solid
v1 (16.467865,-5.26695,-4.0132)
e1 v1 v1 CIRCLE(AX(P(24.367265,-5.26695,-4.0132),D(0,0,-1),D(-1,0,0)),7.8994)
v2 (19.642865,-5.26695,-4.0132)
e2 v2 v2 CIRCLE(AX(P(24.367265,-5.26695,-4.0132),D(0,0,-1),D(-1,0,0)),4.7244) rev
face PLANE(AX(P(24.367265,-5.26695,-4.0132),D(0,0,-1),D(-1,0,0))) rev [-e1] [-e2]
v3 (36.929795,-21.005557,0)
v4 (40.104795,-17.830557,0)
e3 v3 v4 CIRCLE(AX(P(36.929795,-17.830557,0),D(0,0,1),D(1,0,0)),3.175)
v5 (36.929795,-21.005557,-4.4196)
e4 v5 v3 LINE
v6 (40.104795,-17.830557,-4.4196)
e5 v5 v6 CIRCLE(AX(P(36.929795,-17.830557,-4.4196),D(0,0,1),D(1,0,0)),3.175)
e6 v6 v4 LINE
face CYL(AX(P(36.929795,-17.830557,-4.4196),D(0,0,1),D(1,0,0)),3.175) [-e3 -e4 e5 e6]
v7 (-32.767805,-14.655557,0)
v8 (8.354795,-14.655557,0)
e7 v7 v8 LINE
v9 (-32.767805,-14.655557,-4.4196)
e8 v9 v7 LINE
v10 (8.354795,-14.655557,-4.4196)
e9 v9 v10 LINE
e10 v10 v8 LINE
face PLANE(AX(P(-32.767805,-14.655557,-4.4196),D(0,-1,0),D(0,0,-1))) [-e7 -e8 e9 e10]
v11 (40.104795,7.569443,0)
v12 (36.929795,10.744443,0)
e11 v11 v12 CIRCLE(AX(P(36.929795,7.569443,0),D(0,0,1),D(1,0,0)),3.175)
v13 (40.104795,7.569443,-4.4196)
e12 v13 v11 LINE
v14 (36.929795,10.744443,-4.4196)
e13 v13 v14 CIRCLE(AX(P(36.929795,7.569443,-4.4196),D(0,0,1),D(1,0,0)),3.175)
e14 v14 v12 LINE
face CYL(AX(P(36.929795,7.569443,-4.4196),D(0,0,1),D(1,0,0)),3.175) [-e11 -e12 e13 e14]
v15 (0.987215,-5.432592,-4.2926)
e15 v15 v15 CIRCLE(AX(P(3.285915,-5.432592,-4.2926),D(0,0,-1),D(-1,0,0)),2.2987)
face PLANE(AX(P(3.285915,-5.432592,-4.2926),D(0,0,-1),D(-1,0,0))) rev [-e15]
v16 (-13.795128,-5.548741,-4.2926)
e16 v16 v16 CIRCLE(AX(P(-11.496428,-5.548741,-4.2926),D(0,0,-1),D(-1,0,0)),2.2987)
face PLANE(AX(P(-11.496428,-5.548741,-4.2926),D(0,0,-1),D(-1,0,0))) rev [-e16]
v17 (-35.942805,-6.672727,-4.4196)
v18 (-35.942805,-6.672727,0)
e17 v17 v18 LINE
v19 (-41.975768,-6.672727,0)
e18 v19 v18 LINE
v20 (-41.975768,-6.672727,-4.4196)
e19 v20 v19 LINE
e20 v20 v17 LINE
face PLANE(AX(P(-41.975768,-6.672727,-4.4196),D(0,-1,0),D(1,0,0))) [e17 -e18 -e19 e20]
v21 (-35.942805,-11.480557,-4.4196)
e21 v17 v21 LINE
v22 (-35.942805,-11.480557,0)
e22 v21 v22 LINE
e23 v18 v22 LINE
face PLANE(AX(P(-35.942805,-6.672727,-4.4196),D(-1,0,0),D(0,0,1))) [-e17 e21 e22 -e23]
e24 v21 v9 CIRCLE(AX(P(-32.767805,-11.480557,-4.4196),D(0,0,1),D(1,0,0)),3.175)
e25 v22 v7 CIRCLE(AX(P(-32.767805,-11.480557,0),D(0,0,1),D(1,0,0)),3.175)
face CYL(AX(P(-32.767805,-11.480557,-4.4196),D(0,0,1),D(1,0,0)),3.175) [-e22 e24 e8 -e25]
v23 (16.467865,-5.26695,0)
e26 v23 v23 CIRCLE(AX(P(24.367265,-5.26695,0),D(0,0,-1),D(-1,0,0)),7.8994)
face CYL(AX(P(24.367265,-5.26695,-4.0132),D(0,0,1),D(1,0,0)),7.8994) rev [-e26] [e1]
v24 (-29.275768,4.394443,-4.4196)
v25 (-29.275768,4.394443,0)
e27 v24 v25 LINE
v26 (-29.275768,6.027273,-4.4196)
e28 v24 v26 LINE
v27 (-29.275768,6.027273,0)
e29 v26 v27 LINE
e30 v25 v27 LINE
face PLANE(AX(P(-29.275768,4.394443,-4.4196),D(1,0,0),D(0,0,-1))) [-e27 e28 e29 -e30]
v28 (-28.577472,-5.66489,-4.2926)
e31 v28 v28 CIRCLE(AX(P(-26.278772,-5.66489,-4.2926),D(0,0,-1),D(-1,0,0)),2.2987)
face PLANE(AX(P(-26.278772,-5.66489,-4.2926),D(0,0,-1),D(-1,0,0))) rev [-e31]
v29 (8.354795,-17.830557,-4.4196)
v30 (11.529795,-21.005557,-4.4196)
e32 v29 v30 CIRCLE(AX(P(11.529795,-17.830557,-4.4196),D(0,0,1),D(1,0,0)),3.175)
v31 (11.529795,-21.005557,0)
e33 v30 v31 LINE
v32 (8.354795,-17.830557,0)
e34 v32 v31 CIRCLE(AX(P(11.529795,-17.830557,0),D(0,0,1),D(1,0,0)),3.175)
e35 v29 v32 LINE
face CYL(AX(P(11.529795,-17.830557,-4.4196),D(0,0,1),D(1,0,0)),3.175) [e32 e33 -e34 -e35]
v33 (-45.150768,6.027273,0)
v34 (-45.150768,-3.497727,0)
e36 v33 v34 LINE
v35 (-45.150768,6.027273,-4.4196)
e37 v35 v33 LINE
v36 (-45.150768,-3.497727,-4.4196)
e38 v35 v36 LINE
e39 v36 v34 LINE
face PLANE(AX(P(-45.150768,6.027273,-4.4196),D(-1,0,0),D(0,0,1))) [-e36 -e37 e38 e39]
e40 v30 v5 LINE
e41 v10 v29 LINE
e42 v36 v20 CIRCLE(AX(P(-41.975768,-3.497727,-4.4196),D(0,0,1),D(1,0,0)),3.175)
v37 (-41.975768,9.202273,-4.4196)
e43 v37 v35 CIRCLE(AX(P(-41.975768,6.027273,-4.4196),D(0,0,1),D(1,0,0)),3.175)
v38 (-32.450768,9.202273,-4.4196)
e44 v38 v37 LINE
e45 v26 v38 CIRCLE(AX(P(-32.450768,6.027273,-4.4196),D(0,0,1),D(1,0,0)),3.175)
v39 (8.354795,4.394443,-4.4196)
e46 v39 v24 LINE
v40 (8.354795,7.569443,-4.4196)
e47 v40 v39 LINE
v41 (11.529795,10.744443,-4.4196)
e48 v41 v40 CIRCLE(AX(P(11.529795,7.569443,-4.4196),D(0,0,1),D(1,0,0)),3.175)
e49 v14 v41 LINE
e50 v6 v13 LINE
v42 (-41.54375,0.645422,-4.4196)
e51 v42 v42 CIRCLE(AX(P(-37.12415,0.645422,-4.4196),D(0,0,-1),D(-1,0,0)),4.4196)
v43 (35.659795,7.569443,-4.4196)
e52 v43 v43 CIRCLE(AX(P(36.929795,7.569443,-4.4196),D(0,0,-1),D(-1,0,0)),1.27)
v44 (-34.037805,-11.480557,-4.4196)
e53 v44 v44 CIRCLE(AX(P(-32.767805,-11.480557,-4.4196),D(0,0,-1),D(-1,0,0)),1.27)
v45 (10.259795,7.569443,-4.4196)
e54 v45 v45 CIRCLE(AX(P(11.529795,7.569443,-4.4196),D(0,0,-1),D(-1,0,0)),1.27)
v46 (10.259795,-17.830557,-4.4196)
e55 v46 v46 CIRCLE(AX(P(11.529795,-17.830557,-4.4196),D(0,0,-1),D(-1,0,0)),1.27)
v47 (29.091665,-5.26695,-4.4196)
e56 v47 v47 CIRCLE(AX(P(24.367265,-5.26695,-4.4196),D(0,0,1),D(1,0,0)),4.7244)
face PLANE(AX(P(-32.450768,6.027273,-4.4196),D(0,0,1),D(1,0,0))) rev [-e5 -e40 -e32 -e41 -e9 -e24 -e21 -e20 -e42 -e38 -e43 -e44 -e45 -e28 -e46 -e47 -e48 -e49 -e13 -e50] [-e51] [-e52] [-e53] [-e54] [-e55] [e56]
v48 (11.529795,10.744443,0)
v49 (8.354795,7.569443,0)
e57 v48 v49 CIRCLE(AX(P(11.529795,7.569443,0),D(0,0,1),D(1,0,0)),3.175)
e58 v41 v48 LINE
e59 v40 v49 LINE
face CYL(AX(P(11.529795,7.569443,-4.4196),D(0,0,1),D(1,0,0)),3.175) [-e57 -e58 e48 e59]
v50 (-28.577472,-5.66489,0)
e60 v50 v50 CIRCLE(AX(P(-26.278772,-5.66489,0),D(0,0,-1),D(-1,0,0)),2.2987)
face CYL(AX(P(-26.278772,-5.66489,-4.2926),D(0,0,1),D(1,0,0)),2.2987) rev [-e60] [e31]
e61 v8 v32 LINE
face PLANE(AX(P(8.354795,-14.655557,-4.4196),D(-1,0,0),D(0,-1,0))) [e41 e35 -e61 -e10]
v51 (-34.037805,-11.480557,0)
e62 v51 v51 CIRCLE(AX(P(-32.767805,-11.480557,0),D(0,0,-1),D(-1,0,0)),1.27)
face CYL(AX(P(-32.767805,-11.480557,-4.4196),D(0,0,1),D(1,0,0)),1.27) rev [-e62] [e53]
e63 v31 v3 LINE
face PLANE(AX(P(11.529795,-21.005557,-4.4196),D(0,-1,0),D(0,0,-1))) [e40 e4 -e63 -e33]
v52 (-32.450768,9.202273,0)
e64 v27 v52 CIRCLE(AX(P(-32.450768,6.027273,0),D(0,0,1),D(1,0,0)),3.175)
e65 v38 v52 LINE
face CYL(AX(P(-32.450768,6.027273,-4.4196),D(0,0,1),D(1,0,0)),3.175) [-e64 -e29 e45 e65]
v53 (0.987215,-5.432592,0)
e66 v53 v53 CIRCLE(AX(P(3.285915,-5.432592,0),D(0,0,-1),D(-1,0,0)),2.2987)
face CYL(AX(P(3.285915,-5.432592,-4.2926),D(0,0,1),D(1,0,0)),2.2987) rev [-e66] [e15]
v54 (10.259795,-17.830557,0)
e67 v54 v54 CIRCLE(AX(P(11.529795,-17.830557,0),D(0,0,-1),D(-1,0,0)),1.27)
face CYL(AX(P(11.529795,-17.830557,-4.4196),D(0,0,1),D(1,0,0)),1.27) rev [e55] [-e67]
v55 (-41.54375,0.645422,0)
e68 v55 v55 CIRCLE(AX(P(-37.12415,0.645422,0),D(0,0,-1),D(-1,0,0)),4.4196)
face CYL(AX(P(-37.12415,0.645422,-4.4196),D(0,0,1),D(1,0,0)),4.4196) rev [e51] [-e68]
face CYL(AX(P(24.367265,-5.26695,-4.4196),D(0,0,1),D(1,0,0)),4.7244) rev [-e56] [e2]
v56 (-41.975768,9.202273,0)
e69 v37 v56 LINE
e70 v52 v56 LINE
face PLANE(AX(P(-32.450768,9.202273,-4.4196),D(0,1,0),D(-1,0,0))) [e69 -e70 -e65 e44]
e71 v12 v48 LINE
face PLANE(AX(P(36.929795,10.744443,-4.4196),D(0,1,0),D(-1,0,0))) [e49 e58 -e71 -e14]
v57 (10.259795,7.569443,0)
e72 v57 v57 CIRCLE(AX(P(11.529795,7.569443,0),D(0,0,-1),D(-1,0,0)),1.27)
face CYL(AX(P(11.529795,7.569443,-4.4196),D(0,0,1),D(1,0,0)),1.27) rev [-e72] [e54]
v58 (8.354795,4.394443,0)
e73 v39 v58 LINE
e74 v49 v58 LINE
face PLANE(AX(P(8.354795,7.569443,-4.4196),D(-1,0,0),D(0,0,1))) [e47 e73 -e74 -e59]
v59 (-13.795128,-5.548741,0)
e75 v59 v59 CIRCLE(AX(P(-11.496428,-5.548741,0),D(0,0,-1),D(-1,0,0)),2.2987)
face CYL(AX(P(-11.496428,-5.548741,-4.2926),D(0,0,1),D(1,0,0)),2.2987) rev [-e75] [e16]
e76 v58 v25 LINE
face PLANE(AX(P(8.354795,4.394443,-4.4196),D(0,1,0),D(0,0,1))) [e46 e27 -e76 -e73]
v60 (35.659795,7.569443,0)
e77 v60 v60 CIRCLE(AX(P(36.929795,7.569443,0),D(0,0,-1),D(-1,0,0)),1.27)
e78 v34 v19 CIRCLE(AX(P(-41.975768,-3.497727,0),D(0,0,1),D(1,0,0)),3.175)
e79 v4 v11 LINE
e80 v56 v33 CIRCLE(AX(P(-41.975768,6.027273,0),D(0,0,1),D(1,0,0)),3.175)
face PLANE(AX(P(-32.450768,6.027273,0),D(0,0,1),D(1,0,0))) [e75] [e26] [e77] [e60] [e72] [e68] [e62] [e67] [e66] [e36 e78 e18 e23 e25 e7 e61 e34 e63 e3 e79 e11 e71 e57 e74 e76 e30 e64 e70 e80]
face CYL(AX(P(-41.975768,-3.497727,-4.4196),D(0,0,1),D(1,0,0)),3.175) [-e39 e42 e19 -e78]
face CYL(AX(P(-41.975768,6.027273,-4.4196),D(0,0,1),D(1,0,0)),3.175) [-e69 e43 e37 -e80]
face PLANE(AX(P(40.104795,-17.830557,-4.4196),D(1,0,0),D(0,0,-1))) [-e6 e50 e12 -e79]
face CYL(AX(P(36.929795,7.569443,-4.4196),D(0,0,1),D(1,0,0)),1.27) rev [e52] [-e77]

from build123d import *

# Parameters (mm, degrees)
SKETCH4_R                = 4.7244
STOCK_DEPTH              = 4.4196
SKETCH7_R                = 7.8994
CV_GEAR_WELL_DEPTH       = 4.0132
SKETCH8_R                = 2.2987
IDLER_GEAR_WELL_DEPTH    = 4.2926
SKETCH9_R                = 1.27
SKETCH9_R_2              = 4.4196
OUTDRIVE_GEAR_WELL_DEPTH = 4.4196


with BuildPart() as part:
    # Sketch4 → Stock (new body)
    with BuildSketch(Plane.XY):
        with BuildLine():
            Line((-32.450767839, 9.202272933), (-41.975767839, 9.202272933))
            ThreePointArc((-41.975767839, 9.202272933), (-44.220831869, 8.272336964), (-45.150767839, 6.027272933))
            Line((-45.150767839, 6.027272933), (-45.150767839, -3.497727067))
            ThreePointArc((-45.150767839, -3.497727067), (-44.220831869, -5.742791097), (-41.975767839, -6.672727067))
            Line((-41.975767839, -6.672727067), (-35.942804696, -6.672727067))
            Line((-35.942804696, -6.672727067), (-35.942804696, -11.480556714))
            ThreePointArc((-35.942804696, -11.480556714), (-35.012868726, -13.725620744), (-32.767804696, -14.655556714))
            Line((-32.767804696, -14.655556714), (8.354795304, -14.655556714))
            Line((8.354795304, -14.655556714), (8.354795304, -17.830556714))
            ThreePointArc((8.354795304, -17.830556714), (9.284731274, -20.075620744), (11.529795304, -21.005556714))
            Line((11.529795304, -21.005556714), (36.929795304, -21.005556714))
            ThreePointArc((36.929795304, -21.005556714), (39.174859334, -20.075620744), (40.104795304, -17.830556714))
            Line((40.104795304, -17.830556714), (40.104795304, 7.569443286))
            ThreePointArc((40.104795304, 7.569443286), (39.174859334, 9.814507317), (36.929795304, 10.744443286))
            Line((36.929795304, 10.744443286), (11.529795304, 10.744443286))
            ThreePointArc((11.529795304, 10.744443286), (9.284731274, 9.814507317), (8.354795304, 7.569443286))
            Line((8.354795304, 7.569443286), (8.354795304, 4.394443286))
            Line((8.354795304, 4.394443286), (-29.275767839, 4.394443286))
            Line((-29.275767839, 4.394443286), (-29.275767839, 6.027272933))
            ThreePointArc((-29.275767839, 6.027272933), (-30.205703809, 8.272336964), (-32.450767839, 9.202272933))
        make_face()
        with Locations((24.367264728, -5.266950247)):
            Circle(SKETCH4_R, mode=Mode.SUBTRACT)
    extrude(amount=-STOCK_DEPTH)

    # Sketch7 → CV Gear Well (cut)
    with BuildSketch(Plane(origin=(0, 0, 0), x_dir=(-1, 0, 0), z_dir=(0, 0, -1))):
        with Locations((-24.367264728, -5.266950247)):
            Circle(SKETCH7_R)
    extrude(amount=CV_GEAR_WELL_DEPTH, mode=Mode.SUBTRACT)

    # Sketch8 → Idler Gear Well (cut)
    with BuildSketch(Plane(origin=(0, 0, 0), x_dir=(-1, 0, 0), z_dir=(0, 0, -1))):
        with Locations((26.278771935, -5.664889979)):
            Circle(SKETCH8_R)
        with Locations((11.496428235, -5.54874107)):
            Circle(SKETCH8_R)
        with Locations((-3.285915465, -5.432592161)):
            Circle(SKETCH8_R)
    extrude(amount=IDLER_GEAR_WELL_DEPTH, mode=Mode.SUBTRACT)

    # Sketch9 → Outdrive Gear Well (cut)
    with BuildSketch(Plane(origin=(0, 0, 0), x_dir=(-1, 0, 0), z_dir=(0, 0, -1))):
        with Locations((32.767804696, -11.480556714)):
            Circle(SKETCH9_R)
        with Locations((-11.529795304, -17.830556714)):
            Circle(SKETCH9_R)
        with Locations((-11.529795304, 7.569443286)):
            Circle(SKETCH9_R)
        with Locations((-36.929795304, 7.569443286)):
            Circle(SKETCH9_R)
        with Locations((37.124150155, 0.645421982)):
            Circle(SKETCH9_R_2)
    extrude(amount=OUTDRIVE_GEAR_WELL_DEPTH, mode=Mode.SUBTRACT)


solid = part.part
